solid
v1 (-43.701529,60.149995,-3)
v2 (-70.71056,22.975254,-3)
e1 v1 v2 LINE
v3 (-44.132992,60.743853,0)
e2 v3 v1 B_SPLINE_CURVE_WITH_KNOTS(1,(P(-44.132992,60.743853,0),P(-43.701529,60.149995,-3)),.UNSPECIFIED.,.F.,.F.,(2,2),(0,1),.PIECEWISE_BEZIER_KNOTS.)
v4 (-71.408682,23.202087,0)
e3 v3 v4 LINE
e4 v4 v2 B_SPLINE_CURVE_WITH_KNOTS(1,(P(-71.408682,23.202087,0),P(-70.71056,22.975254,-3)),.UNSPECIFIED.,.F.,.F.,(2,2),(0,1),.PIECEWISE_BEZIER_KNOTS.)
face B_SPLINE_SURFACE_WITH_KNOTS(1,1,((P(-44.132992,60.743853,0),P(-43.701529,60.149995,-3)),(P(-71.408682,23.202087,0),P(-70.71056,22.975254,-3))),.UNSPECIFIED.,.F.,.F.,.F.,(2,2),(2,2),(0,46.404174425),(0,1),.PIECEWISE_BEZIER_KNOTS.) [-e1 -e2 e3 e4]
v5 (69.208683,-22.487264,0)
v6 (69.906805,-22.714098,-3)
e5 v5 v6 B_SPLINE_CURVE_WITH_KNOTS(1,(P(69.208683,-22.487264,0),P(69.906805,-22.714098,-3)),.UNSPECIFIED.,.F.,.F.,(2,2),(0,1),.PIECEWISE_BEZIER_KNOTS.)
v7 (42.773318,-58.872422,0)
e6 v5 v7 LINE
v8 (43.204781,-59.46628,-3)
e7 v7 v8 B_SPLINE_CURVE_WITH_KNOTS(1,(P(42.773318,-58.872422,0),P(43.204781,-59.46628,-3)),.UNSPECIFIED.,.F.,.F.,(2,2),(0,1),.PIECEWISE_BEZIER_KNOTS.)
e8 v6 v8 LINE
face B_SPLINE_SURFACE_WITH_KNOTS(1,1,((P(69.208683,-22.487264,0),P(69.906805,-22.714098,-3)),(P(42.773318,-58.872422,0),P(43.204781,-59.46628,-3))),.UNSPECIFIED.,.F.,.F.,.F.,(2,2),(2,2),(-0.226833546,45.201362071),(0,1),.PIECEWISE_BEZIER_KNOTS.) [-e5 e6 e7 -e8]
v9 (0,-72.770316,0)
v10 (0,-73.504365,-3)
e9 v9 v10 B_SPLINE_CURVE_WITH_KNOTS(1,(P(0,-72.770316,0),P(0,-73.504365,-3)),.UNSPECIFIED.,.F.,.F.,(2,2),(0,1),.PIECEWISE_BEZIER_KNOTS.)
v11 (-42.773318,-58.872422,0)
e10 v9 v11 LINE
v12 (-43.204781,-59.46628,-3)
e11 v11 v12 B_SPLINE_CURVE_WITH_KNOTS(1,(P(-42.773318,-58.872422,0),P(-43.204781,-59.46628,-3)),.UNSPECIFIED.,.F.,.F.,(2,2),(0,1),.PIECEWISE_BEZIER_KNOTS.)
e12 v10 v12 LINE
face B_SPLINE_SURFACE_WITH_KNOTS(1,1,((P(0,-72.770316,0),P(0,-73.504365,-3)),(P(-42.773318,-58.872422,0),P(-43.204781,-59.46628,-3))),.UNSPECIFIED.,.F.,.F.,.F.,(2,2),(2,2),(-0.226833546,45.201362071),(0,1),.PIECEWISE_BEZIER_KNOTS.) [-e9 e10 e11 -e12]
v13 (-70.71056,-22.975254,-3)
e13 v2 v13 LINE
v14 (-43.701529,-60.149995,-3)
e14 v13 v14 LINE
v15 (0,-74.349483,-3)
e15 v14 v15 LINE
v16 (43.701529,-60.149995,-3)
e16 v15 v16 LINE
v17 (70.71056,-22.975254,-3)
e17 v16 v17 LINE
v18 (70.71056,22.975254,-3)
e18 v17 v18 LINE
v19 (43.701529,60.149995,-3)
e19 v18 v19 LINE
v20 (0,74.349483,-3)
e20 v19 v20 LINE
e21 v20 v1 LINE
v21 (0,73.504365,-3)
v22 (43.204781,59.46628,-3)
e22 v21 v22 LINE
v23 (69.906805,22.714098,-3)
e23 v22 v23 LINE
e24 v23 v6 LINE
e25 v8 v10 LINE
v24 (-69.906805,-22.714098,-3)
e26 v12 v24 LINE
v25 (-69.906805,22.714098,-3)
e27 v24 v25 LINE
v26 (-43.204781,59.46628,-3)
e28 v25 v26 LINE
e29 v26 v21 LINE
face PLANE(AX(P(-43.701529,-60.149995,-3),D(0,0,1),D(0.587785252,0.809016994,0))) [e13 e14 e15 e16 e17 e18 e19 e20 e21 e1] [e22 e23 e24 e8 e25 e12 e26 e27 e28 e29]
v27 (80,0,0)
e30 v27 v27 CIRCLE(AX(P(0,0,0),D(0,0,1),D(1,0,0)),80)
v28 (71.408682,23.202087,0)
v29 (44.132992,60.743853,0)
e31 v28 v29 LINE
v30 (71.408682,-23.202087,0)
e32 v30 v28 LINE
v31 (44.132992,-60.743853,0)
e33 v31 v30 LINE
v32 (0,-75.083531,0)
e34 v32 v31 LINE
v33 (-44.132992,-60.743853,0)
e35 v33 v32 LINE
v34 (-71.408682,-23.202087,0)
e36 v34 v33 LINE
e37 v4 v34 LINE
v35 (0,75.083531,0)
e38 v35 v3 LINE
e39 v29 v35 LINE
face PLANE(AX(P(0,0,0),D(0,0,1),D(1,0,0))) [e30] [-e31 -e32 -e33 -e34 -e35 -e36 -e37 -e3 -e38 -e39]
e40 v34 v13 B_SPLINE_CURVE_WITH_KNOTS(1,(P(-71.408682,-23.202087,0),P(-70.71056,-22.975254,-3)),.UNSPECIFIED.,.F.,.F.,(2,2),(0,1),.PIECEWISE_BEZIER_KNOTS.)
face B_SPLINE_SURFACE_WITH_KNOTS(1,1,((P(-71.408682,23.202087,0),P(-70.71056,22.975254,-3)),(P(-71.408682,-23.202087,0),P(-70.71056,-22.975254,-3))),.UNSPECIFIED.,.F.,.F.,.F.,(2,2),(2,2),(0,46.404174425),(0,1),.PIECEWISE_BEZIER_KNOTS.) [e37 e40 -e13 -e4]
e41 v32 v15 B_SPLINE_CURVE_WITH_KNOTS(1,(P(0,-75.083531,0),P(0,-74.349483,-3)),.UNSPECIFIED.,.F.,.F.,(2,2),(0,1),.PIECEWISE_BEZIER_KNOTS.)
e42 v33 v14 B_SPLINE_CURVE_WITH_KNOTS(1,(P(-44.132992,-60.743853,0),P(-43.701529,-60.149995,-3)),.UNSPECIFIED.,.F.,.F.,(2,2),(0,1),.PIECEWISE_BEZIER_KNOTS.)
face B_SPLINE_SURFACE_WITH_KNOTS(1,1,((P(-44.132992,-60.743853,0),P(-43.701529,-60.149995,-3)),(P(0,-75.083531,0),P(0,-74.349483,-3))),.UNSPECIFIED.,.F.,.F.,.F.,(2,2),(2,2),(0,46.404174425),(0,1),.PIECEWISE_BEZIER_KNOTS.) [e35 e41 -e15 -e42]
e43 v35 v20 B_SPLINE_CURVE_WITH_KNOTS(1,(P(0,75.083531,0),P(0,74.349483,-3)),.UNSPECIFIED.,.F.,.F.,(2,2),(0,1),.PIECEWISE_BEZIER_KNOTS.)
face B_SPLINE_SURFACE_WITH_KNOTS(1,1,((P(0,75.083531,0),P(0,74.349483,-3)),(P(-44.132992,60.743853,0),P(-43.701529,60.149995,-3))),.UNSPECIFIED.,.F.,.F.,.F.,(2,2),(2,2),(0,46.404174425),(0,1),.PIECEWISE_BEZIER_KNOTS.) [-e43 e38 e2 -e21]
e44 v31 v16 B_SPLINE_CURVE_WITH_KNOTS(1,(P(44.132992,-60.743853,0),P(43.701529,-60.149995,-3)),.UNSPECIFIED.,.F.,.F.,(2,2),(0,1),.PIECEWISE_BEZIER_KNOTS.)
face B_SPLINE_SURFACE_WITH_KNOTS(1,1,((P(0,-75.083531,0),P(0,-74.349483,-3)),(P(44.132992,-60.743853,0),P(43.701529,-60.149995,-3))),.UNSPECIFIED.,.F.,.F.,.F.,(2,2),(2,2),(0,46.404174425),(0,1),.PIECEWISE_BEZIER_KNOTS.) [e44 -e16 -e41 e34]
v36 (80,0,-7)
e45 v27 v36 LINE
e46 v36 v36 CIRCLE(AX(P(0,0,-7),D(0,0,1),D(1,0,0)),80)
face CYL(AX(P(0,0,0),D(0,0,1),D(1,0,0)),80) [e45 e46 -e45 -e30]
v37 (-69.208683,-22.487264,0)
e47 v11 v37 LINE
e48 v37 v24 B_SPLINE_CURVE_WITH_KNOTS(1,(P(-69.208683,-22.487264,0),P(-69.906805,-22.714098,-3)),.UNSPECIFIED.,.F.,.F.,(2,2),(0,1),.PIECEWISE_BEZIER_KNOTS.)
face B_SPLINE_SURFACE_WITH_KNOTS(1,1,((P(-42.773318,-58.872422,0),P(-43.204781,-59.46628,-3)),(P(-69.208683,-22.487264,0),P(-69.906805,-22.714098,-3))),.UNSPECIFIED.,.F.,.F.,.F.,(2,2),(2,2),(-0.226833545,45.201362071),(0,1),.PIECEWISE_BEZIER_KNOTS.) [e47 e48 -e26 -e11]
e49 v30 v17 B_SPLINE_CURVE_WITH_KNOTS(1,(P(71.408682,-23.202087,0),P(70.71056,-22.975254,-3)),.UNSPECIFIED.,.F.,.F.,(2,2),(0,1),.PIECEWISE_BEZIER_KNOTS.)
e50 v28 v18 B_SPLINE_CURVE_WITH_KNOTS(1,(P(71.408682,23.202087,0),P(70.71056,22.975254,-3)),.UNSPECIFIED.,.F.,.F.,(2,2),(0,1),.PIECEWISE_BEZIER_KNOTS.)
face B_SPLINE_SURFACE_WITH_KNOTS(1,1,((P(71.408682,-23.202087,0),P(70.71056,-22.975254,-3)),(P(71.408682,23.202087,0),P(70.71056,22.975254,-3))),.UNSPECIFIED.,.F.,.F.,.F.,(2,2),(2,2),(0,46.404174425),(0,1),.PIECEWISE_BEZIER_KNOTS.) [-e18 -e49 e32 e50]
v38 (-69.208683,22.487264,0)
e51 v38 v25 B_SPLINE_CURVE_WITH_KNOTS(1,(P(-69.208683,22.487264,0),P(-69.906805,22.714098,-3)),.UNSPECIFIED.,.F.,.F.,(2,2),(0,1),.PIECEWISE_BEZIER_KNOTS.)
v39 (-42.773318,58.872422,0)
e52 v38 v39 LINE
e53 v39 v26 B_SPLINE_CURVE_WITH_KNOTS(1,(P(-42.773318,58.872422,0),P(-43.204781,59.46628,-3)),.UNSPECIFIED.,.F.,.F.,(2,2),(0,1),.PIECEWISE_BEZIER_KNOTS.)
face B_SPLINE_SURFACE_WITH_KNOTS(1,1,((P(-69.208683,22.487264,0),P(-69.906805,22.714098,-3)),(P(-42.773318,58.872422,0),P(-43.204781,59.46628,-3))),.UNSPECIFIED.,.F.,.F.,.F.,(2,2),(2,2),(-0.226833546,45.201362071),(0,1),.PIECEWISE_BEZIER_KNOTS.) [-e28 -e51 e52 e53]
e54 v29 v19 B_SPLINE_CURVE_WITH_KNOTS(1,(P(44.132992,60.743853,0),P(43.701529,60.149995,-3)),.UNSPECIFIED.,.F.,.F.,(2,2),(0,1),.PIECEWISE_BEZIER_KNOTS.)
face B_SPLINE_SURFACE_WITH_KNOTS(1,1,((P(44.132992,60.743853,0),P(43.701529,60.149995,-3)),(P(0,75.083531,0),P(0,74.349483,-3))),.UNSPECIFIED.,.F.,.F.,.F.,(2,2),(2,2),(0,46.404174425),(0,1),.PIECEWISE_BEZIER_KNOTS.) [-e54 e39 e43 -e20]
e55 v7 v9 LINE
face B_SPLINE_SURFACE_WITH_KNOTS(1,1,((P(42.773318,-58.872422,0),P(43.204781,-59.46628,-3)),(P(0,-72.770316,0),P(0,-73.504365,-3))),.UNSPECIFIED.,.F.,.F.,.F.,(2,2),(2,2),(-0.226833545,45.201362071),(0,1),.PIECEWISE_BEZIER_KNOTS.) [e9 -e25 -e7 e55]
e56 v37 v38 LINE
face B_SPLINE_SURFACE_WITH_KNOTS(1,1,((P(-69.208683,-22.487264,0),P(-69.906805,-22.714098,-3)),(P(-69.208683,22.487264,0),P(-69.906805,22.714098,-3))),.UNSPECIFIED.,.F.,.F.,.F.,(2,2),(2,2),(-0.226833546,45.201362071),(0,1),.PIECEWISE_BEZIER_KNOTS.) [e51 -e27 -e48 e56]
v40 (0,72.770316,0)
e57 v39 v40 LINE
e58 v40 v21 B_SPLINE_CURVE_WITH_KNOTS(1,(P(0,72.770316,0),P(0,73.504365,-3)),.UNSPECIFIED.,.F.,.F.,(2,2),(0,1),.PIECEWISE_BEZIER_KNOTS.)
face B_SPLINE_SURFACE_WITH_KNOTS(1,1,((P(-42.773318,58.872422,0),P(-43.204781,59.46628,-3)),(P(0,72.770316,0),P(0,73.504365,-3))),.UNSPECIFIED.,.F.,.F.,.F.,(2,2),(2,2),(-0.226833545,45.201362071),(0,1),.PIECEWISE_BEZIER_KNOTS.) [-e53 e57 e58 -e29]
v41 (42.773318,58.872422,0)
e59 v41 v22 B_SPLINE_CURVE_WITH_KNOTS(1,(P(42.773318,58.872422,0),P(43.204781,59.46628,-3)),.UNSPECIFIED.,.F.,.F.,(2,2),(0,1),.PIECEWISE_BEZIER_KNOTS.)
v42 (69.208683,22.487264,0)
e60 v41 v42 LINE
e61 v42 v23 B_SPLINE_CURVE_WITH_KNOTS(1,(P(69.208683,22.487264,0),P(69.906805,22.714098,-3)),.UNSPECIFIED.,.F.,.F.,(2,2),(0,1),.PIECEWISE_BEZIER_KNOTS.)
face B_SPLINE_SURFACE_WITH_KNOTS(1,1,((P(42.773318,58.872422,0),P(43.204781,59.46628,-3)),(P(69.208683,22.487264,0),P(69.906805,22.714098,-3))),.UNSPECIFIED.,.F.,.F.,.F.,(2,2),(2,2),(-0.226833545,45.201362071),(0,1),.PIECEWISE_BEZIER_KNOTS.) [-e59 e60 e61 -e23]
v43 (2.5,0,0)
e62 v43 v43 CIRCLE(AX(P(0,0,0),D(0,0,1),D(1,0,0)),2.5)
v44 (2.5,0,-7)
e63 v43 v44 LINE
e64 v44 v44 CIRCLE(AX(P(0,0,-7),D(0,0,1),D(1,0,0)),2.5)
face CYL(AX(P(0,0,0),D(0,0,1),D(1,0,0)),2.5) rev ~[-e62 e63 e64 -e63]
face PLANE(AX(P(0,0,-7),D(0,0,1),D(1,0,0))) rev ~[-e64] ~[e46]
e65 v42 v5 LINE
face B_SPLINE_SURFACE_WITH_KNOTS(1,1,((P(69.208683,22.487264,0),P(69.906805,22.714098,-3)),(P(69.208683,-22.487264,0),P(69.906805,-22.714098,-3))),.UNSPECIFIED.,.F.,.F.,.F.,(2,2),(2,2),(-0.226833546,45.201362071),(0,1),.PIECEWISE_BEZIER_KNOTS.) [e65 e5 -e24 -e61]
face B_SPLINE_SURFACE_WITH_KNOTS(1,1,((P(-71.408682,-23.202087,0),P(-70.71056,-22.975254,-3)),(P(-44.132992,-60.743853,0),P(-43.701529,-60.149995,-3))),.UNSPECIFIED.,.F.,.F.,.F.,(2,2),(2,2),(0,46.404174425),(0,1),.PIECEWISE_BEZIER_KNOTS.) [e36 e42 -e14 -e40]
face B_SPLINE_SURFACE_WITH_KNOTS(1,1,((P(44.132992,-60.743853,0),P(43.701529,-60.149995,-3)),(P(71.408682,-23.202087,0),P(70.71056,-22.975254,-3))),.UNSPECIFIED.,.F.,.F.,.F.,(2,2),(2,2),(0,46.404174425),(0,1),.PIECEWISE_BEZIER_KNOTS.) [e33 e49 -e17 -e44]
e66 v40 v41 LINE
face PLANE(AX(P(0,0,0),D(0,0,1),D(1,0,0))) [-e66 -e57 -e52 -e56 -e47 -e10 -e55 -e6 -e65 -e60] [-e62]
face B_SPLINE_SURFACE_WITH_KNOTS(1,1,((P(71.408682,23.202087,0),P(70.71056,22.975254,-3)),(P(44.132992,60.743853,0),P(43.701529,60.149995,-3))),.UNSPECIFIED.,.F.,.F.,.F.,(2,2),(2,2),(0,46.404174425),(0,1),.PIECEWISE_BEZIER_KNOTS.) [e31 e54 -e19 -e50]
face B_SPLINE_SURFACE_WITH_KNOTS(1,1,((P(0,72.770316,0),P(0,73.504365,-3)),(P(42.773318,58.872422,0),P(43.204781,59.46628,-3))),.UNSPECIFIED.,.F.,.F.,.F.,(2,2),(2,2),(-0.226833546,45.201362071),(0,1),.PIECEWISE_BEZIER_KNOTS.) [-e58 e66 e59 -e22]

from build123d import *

# Parameters (mm, degrees)
F0_R     = 80
F0_R_2   = 2.5
F1_DEPTH = 7
F3_DEPTH = 3
F3_TAPER = 13.1


with BuildPart() as f1:
    # F0 (on Top) → F1 (new body)
    with BuildSketch(Plane.XY):
        Circle(F0_R)
        Circle(F0_R_2, mode=Mode.SUBTRACT)
    extrude(amount=-F1_DEPTH)

    # F2 (on face) → F3 (cut)
    with BuildSketch(Plane.XY):
        Polygon((-44.1329924701, -60.7438529321), (0, -75.0835314393), (44.1329924701, -60.7438529321), (71.4086818418, -23.2020872124), (71.4086818418, 23.2020872124), (44.1329924701, 60.7438529321), (0, 75.0835314393), (-44.1329924701, 60.7438529321), (-71.4086818418, 23.2020872124), (-71.4086818418, -23.2020872124), align=None)
        Polygon((-42.7733184212, -58.8724221535), (-69.2086830172, -22.4872642626), (-69.2086830172, 22.4872642626), (-42.7733184212, 58.8724221535), (0, 72.7703157818), (42.7733184212, 58.8724221535), (69.2086830172, 22.4872642626), (69.2086830172, -22.4872642626), (42.7733184212, -58.8724221535), (0, -72.7703157818), align=None, mode=Mode.SUBTRACT)
    extrude(amount=-F3_DEPTH, taper=F3_TAPER, mode=Mode.SUBTRACT)


solid = f1.part
